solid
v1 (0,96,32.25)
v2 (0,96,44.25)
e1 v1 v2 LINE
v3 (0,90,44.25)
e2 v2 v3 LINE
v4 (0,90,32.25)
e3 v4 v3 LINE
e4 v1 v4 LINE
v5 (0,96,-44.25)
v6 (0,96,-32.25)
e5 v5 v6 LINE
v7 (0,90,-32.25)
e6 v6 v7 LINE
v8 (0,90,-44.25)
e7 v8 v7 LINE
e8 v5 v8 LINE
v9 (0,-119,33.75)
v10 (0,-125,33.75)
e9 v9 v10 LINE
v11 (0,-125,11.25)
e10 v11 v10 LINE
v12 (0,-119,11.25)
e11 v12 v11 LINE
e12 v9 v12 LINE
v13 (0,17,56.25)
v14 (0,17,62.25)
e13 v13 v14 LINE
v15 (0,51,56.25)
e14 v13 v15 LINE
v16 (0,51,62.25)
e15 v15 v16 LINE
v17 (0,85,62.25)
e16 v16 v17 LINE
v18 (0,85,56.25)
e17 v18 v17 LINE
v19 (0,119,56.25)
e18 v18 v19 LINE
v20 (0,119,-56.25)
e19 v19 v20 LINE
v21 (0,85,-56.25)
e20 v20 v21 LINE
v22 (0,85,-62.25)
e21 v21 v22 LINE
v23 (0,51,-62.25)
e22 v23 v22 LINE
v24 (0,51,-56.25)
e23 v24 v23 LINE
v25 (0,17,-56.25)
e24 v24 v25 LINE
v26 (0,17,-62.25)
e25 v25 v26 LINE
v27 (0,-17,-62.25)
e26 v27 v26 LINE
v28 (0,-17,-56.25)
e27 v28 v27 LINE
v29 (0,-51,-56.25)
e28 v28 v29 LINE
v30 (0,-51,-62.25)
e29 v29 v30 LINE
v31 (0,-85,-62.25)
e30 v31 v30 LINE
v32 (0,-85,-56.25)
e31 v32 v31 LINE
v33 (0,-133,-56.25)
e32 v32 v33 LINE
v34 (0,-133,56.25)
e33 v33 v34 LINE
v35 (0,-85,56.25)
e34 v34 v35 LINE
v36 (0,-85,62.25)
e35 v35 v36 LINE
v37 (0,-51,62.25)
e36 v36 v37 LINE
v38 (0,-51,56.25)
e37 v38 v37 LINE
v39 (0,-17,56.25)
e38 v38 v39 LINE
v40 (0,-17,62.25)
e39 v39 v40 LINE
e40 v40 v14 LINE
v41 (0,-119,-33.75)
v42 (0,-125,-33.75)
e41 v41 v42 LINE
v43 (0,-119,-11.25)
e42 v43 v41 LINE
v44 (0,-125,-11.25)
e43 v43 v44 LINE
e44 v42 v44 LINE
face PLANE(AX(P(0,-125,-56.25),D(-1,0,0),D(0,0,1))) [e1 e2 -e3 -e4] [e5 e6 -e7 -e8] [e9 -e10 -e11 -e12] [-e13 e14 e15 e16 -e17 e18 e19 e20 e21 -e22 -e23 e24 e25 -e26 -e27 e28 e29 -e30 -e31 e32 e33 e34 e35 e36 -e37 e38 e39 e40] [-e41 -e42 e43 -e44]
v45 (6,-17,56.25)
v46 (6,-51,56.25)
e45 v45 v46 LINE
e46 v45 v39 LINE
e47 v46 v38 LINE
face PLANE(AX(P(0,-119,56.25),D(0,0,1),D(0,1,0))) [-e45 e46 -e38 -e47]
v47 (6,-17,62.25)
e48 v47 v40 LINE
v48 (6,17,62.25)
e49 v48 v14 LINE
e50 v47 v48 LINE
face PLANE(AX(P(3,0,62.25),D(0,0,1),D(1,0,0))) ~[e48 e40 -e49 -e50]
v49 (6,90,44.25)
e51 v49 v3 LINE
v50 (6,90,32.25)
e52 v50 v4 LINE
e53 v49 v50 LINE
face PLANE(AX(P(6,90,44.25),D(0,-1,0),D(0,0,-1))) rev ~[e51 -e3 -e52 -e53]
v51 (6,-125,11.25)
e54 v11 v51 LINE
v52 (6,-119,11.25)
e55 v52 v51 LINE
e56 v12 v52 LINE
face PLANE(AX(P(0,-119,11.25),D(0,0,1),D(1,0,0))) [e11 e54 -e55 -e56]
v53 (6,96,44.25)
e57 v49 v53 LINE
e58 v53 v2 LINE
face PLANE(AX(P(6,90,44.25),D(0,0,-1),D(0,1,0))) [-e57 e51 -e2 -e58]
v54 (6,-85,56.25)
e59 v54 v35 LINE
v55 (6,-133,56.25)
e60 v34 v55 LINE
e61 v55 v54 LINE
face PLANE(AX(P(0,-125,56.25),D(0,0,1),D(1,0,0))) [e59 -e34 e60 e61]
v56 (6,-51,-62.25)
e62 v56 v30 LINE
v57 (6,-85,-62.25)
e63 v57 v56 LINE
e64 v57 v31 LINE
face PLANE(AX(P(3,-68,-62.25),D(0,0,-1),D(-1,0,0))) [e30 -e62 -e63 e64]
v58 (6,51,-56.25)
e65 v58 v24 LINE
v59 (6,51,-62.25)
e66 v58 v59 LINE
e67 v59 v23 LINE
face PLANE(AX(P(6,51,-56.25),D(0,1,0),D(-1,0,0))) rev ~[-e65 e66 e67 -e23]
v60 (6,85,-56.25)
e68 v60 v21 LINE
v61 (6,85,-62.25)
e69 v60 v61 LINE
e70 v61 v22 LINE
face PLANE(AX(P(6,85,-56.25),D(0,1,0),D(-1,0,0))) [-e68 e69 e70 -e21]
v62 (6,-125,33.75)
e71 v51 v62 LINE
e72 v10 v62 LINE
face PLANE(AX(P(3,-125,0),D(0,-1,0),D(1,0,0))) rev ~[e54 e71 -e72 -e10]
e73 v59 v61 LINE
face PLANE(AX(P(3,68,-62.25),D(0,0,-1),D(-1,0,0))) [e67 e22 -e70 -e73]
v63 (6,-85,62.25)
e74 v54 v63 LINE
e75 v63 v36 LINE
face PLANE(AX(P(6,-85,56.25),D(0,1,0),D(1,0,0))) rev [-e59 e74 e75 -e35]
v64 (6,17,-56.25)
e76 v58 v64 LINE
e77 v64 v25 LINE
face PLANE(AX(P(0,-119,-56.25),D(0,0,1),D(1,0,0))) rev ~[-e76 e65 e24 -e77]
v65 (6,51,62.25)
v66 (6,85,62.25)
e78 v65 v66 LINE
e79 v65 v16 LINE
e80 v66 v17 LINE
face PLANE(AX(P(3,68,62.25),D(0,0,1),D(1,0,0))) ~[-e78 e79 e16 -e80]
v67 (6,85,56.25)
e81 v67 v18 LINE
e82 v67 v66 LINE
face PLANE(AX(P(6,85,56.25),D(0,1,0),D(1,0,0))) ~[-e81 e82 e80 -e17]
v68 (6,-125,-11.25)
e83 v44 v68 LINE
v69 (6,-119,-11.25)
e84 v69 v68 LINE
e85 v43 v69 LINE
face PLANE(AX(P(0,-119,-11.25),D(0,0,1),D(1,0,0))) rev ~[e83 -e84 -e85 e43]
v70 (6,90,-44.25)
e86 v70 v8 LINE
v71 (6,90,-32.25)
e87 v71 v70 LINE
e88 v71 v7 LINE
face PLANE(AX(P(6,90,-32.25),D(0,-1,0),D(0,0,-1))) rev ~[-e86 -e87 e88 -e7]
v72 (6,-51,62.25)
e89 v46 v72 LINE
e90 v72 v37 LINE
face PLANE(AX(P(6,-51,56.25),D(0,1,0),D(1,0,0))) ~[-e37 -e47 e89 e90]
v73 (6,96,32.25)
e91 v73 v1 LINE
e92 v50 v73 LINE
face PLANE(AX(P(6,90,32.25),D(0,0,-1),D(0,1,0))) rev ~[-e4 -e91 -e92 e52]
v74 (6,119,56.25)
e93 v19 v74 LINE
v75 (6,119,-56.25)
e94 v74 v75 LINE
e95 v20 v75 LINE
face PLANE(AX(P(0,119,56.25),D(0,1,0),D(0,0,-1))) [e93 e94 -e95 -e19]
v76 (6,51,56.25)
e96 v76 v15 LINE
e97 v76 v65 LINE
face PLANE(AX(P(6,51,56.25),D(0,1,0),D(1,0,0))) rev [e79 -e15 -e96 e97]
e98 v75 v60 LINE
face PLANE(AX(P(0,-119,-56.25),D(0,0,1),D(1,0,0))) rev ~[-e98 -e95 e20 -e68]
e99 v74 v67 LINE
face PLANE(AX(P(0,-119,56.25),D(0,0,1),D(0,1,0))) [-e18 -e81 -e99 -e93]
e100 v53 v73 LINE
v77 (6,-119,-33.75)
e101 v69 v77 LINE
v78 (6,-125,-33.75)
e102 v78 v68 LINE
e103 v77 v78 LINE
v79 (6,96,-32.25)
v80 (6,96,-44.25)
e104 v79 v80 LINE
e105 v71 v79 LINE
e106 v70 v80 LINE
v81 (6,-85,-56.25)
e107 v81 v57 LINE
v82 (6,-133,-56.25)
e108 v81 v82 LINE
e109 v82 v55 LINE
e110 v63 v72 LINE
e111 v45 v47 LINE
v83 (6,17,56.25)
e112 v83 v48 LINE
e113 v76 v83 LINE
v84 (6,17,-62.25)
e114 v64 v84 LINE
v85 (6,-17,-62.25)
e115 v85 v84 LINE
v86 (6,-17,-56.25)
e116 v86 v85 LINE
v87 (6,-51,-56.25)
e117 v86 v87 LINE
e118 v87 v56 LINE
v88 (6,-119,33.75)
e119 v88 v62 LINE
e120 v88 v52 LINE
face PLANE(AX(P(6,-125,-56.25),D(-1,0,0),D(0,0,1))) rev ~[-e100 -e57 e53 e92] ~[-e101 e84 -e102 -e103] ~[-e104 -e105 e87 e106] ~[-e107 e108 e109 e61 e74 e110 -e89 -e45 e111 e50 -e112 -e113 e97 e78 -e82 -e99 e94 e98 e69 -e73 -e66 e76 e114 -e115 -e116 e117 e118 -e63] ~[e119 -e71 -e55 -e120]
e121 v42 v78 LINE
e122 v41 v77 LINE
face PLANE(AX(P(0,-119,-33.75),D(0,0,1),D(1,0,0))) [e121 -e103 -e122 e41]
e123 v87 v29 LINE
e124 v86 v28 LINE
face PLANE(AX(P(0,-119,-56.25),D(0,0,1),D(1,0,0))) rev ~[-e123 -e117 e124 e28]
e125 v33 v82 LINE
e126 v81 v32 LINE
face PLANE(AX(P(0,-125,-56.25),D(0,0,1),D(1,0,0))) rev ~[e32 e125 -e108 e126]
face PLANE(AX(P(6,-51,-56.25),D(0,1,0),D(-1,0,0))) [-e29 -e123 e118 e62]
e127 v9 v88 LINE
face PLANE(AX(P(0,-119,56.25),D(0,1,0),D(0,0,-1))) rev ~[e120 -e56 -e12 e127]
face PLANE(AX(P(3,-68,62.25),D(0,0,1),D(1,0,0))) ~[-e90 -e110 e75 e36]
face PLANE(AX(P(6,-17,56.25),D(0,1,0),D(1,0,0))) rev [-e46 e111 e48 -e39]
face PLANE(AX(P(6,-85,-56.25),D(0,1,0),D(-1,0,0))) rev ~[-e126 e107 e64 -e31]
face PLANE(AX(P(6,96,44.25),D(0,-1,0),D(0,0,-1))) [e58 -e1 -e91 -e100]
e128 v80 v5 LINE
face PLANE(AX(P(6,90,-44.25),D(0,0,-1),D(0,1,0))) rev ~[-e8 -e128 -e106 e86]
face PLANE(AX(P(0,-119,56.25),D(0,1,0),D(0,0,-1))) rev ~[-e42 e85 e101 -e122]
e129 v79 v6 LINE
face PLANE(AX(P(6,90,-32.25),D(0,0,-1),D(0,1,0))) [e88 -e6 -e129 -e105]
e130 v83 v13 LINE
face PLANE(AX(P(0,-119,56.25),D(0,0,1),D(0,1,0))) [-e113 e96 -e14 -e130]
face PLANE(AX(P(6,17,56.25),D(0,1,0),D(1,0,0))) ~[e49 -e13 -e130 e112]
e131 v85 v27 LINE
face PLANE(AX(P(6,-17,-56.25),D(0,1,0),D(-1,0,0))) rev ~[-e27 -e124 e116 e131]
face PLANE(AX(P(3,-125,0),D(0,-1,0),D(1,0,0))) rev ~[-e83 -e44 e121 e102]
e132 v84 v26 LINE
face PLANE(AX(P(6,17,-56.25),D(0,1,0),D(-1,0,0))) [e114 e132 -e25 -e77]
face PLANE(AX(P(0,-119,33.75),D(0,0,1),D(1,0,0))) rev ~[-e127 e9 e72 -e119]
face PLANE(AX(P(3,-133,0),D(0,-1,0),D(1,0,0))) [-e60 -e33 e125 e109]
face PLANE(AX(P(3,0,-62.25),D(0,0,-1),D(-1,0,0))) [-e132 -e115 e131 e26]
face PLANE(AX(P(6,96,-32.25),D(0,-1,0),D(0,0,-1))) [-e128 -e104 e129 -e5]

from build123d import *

# Parameters (mm, degrees)
SKETCH1_W           = 112.5
SKETCH1_H           = 238
BOSS_EXTRUDE1_DEPTH = 6
SKETCH4_W           = 6
SKETCH4_H           = 22.5
BOSS_EXTRUDE2_DEPTH = 6
SKETCH5_W           = 6
SKETCH5_H           = 34
BOSS_EXTRUDE3_DEPTH = 6
SKETCH6_W           = 12
SKETCH6_H           = 6
CUT_EXTRUDE1_DEPTH  = 800
SKETCH7_W           = 6
SKETCH7_H           = 112.5
BOSS_EXTRUDE4_DEPTH = 8


with BuildPart() as part:
    # Sketch1 → Boss-Extrude1 (new body)
    with BuildSketch(Plane(origin=(0, 0, 0), x_dir=(0, 0, -1), z_dir=(1, 0, 0))):
        Rectangle(SKETCH1_W, SKETCH1_H)
    extrude(amount=BOSS_EXTRUDE1_DEPTH)

    # Sketch4 → Boss-Extrude2 (add)
    with BuildSketch(Plane.XZ.offset(119)):
        with Locations((3, -45)):
            Rectangle(SKETCH4_W, SKETCH4_H)
        with Locations((3, 0)):
            Rectangle(SKETCH4_W, SKETCH4_H)
        with Locations((3, 45)):
            Rectangle(SKETCH4_W, SKETCH4_H)
    extrude(amount=BOSS_EXTRUDE2_DEPTH)

    # Sketch5 → Boss-Extrude3 (add)
    with BuildSketch(Plane(origin=(0, 0, -56.25), x_dir=(-1, 0, 0), z_dir=(0, 0, -1))):
        with Locations((-3, -68)):
            Rectangle(SKETCH5_W, SKETCH5_H)
        with Locations((-3, 0)):
            Rectangle(SKETCH5_W, SKETCH5_H)
        with Locations((-3, 68)):
            Rectangle(SKETCH5_W, SKETCH5_H)
    boss_extrude3 = extrude(amount=BOSS_EXTRUDE3_DEPTH)

    # Mirror1: Boss-Extrude3 across plane
    add(boss_extrude3.mirror(Plane.XY))

    # Sketch6 → Cut-Extrude1 (cut)
    with BuildSketch(Plane(origin=(6, 0, 0), x_dir=(0, 0, -1), z_dir=(1, 0, 0))):
        with Locations((-38.25, 93)):
            Rectangle(SKETCH6_W, SKETCH6_H)
        with Locations((38.25, 93)):
            Rectangle(SKETCH6_W, SKETCH6_H)
    extrude(amount=-CUT_EXTRUDE1_DEPTH, mode=Mode.SUBTRACT)

    # Sketch7 → Boss-Extrude4 (add)
    with BuildSketch(Plane.XZ.offset(125)):
        with Locations((3, 0)):
            Rectangle(SKETCH7_W, SKETCH7_H)
    extrude(amount=BOSS_EXTRUDE4_DEPTH)


solid = part.part
